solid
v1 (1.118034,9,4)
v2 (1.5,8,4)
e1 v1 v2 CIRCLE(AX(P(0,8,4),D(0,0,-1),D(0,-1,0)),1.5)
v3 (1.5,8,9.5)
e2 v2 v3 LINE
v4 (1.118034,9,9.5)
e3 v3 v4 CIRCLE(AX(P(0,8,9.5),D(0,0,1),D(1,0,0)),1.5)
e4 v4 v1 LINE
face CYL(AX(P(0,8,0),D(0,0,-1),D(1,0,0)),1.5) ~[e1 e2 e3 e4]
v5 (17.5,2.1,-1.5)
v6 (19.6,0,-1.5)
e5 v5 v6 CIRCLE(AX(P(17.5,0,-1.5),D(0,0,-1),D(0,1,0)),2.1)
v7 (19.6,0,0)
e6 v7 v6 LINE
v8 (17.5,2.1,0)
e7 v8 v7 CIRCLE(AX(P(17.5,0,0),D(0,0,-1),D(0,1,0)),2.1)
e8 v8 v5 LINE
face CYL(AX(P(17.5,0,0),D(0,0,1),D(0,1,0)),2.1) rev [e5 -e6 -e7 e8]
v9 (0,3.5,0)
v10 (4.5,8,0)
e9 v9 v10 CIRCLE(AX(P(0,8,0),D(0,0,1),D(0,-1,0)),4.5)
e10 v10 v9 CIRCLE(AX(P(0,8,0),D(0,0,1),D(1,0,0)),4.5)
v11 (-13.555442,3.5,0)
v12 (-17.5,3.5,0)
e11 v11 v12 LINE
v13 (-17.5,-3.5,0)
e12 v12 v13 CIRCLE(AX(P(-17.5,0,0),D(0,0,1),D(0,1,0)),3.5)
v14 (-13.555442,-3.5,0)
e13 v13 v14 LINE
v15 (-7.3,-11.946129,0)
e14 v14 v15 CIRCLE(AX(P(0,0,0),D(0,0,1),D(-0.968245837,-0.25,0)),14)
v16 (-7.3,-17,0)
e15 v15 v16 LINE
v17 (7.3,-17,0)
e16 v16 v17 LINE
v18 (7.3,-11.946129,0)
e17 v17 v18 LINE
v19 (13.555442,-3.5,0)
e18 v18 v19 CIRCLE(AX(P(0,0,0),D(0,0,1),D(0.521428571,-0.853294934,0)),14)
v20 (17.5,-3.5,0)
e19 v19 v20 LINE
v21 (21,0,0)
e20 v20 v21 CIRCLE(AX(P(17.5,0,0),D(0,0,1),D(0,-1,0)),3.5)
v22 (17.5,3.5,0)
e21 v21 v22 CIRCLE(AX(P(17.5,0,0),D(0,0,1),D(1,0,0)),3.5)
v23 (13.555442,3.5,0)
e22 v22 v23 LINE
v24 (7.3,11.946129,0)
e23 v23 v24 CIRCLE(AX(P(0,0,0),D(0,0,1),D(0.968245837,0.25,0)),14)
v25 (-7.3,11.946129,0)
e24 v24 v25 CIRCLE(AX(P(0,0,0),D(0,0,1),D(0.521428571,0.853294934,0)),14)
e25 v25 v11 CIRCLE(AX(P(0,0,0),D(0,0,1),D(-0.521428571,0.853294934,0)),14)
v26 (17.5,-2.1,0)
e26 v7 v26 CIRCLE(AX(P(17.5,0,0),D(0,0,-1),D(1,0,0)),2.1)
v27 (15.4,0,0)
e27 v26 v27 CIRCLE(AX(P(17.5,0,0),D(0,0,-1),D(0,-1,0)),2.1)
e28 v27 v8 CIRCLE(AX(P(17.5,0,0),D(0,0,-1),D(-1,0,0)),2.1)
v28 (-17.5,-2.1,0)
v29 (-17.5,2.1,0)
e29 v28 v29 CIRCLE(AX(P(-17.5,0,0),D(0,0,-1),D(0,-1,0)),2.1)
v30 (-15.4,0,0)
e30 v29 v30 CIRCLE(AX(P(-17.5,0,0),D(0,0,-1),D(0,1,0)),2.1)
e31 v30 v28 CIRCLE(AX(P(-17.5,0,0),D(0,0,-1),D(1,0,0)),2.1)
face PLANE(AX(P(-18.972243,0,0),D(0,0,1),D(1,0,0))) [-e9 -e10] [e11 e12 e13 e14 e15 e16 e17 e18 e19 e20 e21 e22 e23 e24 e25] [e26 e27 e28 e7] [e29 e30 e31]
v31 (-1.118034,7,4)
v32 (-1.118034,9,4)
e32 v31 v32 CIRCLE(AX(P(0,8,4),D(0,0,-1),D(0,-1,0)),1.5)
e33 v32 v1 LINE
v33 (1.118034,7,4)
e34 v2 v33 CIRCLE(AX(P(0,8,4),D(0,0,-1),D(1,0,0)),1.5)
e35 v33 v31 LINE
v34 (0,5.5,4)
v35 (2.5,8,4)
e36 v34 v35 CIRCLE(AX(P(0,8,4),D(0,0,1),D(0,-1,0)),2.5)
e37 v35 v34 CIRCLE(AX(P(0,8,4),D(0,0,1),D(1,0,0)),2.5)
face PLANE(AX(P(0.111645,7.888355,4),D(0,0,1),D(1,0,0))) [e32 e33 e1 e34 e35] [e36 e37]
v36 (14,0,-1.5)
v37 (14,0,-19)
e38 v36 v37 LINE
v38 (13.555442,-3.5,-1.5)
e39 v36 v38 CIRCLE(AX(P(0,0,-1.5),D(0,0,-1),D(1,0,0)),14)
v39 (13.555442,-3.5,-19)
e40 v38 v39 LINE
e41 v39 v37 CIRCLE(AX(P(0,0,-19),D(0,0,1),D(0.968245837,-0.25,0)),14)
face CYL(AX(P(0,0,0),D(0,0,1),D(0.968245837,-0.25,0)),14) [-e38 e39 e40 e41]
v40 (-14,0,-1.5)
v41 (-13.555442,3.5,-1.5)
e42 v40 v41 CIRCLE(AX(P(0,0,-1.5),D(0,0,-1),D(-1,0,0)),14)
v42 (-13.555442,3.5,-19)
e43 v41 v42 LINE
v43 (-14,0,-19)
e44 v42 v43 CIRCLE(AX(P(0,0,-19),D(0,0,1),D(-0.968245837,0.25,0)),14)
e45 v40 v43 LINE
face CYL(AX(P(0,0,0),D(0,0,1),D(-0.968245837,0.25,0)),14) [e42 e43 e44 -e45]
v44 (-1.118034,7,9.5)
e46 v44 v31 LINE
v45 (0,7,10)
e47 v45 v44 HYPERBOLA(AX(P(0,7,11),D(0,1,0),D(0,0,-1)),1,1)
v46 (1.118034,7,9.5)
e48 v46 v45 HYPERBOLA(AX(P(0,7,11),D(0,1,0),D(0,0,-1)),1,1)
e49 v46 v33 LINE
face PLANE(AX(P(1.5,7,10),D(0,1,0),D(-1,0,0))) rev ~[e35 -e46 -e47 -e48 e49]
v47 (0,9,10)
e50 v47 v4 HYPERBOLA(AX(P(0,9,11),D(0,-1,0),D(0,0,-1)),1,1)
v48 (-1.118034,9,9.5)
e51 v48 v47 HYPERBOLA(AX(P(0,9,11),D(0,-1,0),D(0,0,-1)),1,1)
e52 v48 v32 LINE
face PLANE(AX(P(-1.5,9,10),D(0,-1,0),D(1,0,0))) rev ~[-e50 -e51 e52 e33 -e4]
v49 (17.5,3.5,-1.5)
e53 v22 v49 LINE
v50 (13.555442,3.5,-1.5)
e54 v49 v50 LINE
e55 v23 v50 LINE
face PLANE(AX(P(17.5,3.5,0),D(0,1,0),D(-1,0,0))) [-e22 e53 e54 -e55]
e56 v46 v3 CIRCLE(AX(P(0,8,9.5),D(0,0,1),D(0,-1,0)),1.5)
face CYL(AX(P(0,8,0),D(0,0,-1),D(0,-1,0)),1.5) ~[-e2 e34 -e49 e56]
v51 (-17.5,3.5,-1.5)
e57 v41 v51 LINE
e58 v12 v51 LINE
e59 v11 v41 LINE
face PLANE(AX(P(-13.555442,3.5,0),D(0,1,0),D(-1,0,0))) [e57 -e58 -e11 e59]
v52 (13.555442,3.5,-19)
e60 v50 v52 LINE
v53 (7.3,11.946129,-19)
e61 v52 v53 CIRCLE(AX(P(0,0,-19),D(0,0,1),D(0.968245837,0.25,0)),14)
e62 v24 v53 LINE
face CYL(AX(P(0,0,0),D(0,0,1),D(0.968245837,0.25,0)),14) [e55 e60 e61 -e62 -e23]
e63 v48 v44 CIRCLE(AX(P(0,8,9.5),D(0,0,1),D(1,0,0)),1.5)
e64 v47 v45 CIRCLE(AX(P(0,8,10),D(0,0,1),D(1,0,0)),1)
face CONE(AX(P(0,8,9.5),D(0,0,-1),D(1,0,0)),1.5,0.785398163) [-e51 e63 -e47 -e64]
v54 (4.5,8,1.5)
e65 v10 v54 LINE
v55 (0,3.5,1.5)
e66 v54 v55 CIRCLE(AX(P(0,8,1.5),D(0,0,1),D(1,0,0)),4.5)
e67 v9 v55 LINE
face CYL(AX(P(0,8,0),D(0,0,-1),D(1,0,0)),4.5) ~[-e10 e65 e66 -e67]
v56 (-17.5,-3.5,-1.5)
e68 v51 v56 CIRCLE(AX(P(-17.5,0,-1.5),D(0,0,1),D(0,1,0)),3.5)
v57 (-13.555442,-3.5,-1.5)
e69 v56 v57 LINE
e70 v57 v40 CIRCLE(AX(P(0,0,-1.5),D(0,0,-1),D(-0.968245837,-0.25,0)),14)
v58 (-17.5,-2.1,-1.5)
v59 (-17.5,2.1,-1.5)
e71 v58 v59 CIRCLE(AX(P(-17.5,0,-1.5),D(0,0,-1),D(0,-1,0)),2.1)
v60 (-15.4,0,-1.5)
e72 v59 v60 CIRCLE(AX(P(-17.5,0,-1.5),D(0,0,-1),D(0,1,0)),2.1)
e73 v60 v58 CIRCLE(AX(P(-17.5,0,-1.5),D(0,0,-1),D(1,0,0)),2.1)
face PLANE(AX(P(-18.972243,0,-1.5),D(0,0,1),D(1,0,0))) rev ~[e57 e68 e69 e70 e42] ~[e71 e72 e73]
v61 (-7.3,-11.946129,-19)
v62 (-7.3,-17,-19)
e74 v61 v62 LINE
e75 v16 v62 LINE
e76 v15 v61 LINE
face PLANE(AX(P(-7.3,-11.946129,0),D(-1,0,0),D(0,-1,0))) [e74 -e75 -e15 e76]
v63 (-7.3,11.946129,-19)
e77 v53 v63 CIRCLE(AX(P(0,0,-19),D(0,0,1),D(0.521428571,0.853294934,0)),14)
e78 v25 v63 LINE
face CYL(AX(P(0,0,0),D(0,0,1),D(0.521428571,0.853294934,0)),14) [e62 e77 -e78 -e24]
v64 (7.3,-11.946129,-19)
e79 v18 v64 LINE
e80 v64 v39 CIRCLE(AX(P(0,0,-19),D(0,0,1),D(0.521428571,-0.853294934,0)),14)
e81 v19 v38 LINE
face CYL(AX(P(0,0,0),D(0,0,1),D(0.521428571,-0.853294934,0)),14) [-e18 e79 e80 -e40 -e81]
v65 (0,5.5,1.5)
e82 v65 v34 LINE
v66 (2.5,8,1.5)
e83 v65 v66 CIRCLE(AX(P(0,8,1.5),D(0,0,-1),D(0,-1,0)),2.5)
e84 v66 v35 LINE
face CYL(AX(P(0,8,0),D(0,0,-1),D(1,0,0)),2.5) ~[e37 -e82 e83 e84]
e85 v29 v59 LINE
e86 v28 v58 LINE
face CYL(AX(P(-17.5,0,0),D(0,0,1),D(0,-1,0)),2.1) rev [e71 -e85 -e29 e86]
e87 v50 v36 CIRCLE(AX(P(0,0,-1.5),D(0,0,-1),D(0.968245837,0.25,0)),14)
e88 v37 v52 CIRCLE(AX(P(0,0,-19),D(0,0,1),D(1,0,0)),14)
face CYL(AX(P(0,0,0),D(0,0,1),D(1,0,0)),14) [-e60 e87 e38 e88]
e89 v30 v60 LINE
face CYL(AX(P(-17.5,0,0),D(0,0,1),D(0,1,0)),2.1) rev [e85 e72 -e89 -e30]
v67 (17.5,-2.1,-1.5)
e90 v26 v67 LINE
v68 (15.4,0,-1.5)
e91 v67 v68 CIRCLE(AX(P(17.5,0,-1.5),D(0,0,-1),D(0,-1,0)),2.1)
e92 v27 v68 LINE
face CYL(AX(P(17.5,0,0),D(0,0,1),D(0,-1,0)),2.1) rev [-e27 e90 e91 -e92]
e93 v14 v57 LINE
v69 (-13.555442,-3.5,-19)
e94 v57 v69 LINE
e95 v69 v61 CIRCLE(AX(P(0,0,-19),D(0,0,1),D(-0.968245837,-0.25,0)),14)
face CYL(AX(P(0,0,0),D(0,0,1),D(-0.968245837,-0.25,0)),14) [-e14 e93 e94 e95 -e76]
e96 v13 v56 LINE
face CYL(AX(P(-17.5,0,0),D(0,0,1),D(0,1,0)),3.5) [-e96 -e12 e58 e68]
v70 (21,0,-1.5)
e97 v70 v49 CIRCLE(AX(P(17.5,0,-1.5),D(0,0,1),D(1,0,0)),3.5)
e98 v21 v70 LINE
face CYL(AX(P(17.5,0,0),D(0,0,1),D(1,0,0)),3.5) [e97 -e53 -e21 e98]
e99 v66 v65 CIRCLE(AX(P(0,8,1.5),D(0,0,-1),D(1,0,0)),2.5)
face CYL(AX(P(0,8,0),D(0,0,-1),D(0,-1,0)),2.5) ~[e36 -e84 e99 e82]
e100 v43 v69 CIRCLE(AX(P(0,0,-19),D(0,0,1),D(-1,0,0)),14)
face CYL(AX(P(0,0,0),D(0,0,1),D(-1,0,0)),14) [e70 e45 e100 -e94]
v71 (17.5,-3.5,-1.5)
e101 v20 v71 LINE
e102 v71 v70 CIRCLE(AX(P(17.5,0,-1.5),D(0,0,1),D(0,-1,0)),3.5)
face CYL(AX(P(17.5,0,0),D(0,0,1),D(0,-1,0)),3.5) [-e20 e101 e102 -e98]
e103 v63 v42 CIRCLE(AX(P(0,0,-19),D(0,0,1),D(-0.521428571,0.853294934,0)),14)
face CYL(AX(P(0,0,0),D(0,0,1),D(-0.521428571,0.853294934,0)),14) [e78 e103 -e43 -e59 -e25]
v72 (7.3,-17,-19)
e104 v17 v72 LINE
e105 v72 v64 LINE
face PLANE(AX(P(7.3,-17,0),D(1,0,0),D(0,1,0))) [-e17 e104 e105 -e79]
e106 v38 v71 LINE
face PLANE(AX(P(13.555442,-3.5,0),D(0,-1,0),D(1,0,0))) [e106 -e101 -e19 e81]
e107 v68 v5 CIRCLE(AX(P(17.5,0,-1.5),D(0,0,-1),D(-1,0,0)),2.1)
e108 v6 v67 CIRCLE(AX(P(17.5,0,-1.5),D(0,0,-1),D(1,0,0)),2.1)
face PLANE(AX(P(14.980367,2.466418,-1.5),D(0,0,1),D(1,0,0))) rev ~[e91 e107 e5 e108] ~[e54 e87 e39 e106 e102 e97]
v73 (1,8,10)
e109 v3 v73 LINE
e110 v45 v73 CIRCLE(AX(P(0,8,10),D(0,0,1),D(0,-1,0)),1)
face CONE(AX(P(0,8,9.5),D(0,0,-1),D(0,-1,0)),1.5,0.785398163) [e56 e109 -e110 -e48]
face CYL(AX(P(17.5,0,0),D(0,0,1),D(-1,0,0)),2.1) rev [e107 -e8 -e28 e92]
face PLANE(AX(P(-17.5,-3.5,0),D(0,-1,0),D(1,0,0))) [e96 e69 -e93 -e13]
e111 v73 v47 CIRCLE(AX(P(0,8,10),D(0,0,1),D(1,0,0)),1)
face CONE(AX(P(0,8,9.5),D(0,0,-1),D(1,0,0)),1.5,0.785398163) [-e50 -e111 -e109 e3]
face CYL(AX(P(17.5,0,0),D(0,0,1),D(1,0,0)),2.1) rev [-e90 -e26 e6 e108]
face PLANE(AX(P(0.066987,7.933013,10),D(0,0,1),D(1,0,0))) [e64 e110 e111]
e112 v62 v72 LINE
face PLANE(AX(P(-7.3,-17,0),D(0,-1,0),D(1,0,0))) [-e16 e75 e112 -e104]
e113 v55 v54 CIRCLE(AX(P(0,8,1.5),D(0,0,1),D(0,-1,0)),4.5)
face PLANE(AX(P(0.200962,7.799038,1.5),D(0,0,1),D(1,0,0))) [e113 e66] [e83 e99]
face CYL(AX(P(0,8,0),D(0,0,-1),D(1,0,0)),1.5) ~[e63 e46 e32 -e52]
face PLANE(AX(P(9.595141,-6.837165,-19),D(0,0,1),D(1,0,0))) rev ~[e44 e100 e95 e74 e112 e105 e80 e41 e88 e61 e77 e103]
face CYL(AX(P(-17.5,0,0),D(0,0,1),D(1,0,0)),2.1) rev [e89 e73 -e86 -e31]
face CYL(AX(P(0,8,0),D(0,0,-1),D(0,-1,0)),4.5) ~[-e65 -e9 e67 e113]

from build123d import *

# Parameters (mm, degrees)
F0_W     = 7.3
F0_H     = 3.5
F1_DEPTH = 19
F2_DEPTH = 1.5
F3_DEPTH = 10
F4_DEPTH = 4
F5_DEPTH = 1.5
F6_SIZE  = 0.5
F8_DEPTH = 6


with BuildPart() as f1:
    # F0 (on Top) → F1 (new body)
    with BuildSketch(Plane.XY):
        with BuildLine():
            ThreePointArc((7.3, -11.9461290802), (11.250406053, -8.3323684294), (13.5554417117, -3.5))
            Line((13.5554417117, -3.5), (7.3, -3.5))
            Line((7.3, -3.5), (7.3, -11.9461290802))
        make_face()
        with BuildLine():
            ThreePointArc((-7.3, -11.9461290802), (0, -14), (7.3, -11.9461290802))
            Line((7.3, -11.9461290802), (7.3, -3.5))
            Line((7.3, -3.5), (-7.3, -3.5))
            Line((-7.3, -3.5), (-7.3, -11.9461290802))
        make_face()
        with BuildLine():
            ThreePointArc((-13.5554417117, -3.5), (-11.250406053, -8.3323684294), (-7.3, -11.9461290802))
            Line((-7.3, -11.9461290802), (-7.3, -3.5))
            Line((-7.3, -3.5), (-13.5554417117, -3.5))
        make_face()
        with BuildLine():
            Line((-13.5554417117, -3.5), (-7.3, -3.5))
            Line((-7.3, -3.5), (-7.3, 0))
            Line((-7.3, 0), (-14, 0))
            ThreePointArc((-14, 0), (-13.8884157477, -1.7640600948), (-13.5554417117, -3.5))
        make_face()
        with BuildLine():
            Line((-14, 0), (-7.3, 0))
            Line((-7.3, 0), (-7.3, 3.5))
            Line((-7.3, 3.5), (-13.5554417117, 3.5))
            ThreePointArc((-13.5554417117, 3.5), (-13.8884157477, 1.7640600948), (-14, 0))
        make_face()
        with BuildLine():
            Line((-7.3, 3.5), (-7.3, 11.9461290802))
            ThreePointArc((-7.3, 11.9461290802), (-11.250406053, 8.3323684294), (-13.5554417117, 3.5))
            Line((-13.5554417117, 3.5), (-7.3, 3.5))
        make_face()
        with BuildLine():
            Line((7.3, 3.5), (7.3, 11.9461290802))
            ThreePointArc((7.3, 11.9461290802), (0, 14), (-7.3, 11.9461290802))
            Line((-7.3, 11.9461290802), (-7.3, 3.5))
            Line((-7.3, 3.5), (0, 3.5))
            Line((0, 3.5), (7.3, 3.5))
        make_face()
        with BuildLine():
            ThreePointArc((4.5, 8), (3.1819805153, 4.8180194847), (0, 3.5))
            ThreePointArc((0, 3.5), (-3.1819805153, 11.1819805153), (4.5, 8))
        make_face(mode=Mode.SUBTRACT)
        with BuildLine():
            Line((7.3, 3.5), (13.5554417117, 3.5))
            ThreePointArc((13.5554417117, 3.5), (11.250406053, 8.3323684294), (7.3, 11.9461290802))
            Line((7.3, 11.9461290802), (7.3, 3.5))
        make_face()
        with BuildLine():
            Line((7.3, 0), (14, 0))
            ThreePointArc((14, 0), (13.8884157477, 1.7640600948), (13.5554417117, 3.5))
            Line((13.5554417117, 3.5), (7.3, 3.5))
            Line((7.3, 3.5), (7.3, 0))
        make_face()
        with BuildLine():
            ThreePointArc((13.5554417117, -3.5), (13.8884157477, -1.7640600948), (14, 0))
            Line((14, 0), (7.3, 0))
            Line((7.3, 0), (7.3, -3.5))
            Line((7.3, -3.5), (13.5554417117, -3.5))
        make_face()
        Polygon((7.3, -3.5), (7.3, 0), (0, 0), (-7.3, 0), (-7.3, -3.5), align=None)
        with Locations((3.65, 1.75)):
            Rectangle(F0_W, F0_H)
        with Locations((-3.65, 1.75)):
            Rectangle(F0_W, F0_H)
        with BuildLine():
            ThreePointArc((4.5, 8), (-3.1819805153, 11.1819805153), (0, 3.5))
            ThreePointArc((0, 3.5), (3.1819805153, 4.8180194847), (4.5, 8))
        make_face()
        with BuildLine():
            ThreePointArc((2.5, 8), (1.767766953, 6.232233047), (0, 5.5))
            ThreePointArc((0, 5.5), (-1.767766953, 9.767766953), (2.5, 8))
        make_face(mode=Mode.SUBTRACT)
        with BuildLine():
            ThreePointArc((2.5, 8), (-1.767766953, 9.767766953), (0, 5.5))
            ThreePointArc((0, 5.5), (1.767766953, 6.232233047), (2.5, 8))
        make_face()
        with BuildLine():
            ThreePointArc((1.5, 8), (1.0606601718, 6.9393398282), (0, 6.5))
            ThreePointArc((0, 6.5), (-1.0606601718, 9.0606601718), (1.5, 8))
        make_face(mode=Mode.SUBTRACT)
        with BuildLine():
            ThreePointArc((1.5, 8), (-1.0606601718, 9.0606601718), (0, 6.5))
            ThreePointArc((0, 6.5), (1.0606601718, 6.9393398282), (1.5, 8))
        make_face()
        with BuildLine():
            Line((7.3, -17), (7.3, -11.9461290802))
            ThreePointArc((7.3, -11.9461290802), (0, -14), (-7.3, -11.9461290802))
            Line((-7.3, -11.9461290802), (-7.3, -17))
            Line((-7.3, -17), (7.3, -17))
        make_face()
    extrude(amount=-F1_DEPTH)

    # F0 (on Top) → F2 (join)
    with BuildSketch(Plane.XY):
        with BuildLine():
            Line((-17.5, 2.1), (-17.5, 3.5))
            ThreePointArc((-17.5, 3.5), (-21, 0), (-17.5, -3.5))
            Line((-17.5, -3.5), (-17.5, -2.1))
            ThreePointArc((-17.5, -2.1), (-19.6, 0), (-17.5, 2.1))
        make_face()
        with BuildLine():
            ThreePointArc((-17.5, -3.5), (-15.0251262658, -2.4748737342), (-14, 0))
            Line((-14, 0), (-15.4, 0))
            ThreePointArc((-15.4, 0), (-16.0150757595, -1.4849242405), (-17.5, -2.1))
            Line((-17.5, -2.1), (-17.5, -3.5))
        make_face()
        with BuildLine():
            Line((-17.5, -3.5), (-13.5554417117, -3.5))
            ThreePointArc((-13.5554417117, -3.5), (-13.8884157477, -1.7640600948), (-14, 0))
            ThreePointArc((-14, 0), (-15.0251262658, -2.4748737342), (-17.5, -3.5))
        make_face()
        with BuildLine():
            Line((-15.4, 0), (-14, 0))
            ThreePointArc((-14, 0), (-15.0251262658, 2.4748737342), (-17.5, 3.5))
            Line((-17.5, 3.5), (-17.5, 2.1))
            ThreePointArc((-17.5, 2.1), (-16.0150757595, 1.4849242405), (-15.4, 0))
        make_face()
        with BuildLine():
            ThreePointArc((-14, 0), (-13.8884157477, 1.7640600948), (-13.5554417117, 3.5))
            Line((-13.5554417117, 3.5), (-17.5, 3.5))
            ThreePointArc((-17.5, 3.5), (-15.0251262658, 2.4748737342), (-14, 0))
        make_face()
        with BuildLine():
            ThreePointArc((13.5554417117, 3.5), (13.8884157477, 1.7640600948), (14, 0))
            ThreePointArc((14, 0), (15.0251262658, 2.4748737342), (17.5, 3.5))
            Line((17.5, 3.5), (13.5554417117, 3.5))
        make_face()
        with BuildLine():
            ThreePointArc((17.5, -3.5), (15.0251262658, -2.4748737342), (14, 0))
            ThreePointArc((14, 0), (13.8884157477, -1.7640600948), (13.5554417117, -3.5))
            Line((13.5554417117, -3.5), (17.5, -3.5))
        make_face()
        with BuildLine():
            ThreePointArc((21, 0), (19.9748737342, 2.4748737342), (17.5, 3.5))
            Line((17.5, 3.5), (17.5, 2.1))
            ThreePointArc((17.5, 2.1), (18.9849242405, 1.4849242405), (19.6, 0))
            ThreePointArc((19.6, 0), (18.9849242405, -1.4849242405), (17.5, -2.1))
            Line((17.5, -2.1), (17.5, -3.5))
            ThreePointArc((17.5, -3.5), (19.9748737342, -2.4748737342), (21, 0))
        make_face()
        with BuildLine():
            Line((15.4, 0), (14, 0))
            ThreePointArc((14, 0), (15.0251262658, -2.4748737342), (17.5, -3.5))
            Line((17.5, -3.5), (17.5, -2.1))
            ThreePointArc((17.5, -2.1), (16.0150757595, -1.4849242405), (15.4, 0))
        make_face()
        with BuildLine():
            ThreePointArc((17.5, 3.5), (15.0251262658, 2.4748737342), (14, 0))
            Line((14, 0), (15.4, 0))
            ThreePointArc((15.4, 0), (16.0150757595, 1.4849242405), (17.5, 2.1))
            Line((17.5, 2.1), (17.5, 3.5))
        make_face()
    extrude(amount=-F2_DEPTH)

    # F0 (on Top) → F3 (join)
    with BuildSketch(Plane.XY):
        with BuildLine():
            ThreePointArc((1.5, 8), (-1.0606601718, 9.0606601718), (0, 6.5))
            ThreePointArc((0, 6.5), (1.0606601718, 6.9393398282), (1.5, 8))
        make_face()
    extrude(amount=F3_DEPTH)

    # F0 (on Top) → F4 (join)
    with BuildSketch(Plane.XY):
        with BuildLine():
            ThreePointArc((2.5, 8), (-1.767766953, 9.767766953), (0, 5.5))
            ThreePointArc((0, 5.5), (1.767766953, 6.232233047), (2.5, 8))
        make_face()
        with BuildLine():
            ThreePointArc((1.5, 8), (1.0606601718, 6.9393398282), (0, 6.5))
            ThreePointArc((0, 6.5), (-1.0606601718, 9.0606601718), (1.5, 8))
        make_face(mode=Mode.SUBTRACT)
    extrude(amount=F4_DEPTH)

    # F0 (on Top) → F5 (join)
    with BuildSketch(Plane.XY):
        with BuildLine():
            ThreePointArc((4.5, 8), (-3.1819805153, 11.1819805153), (0, 3.5))
            ThreePointArc((0, 3.5), (3.1819805153, 4.8180194847), (4.5, 8))
        make_face()
        with BuildLine():
            ThreePointArc((2.5, 8), (1.767766953, 6.232233047), (0, 5.5))
            ThreePointArc((0, 5.5), (-1.767766953, 9.767766953), (2.5, 8))
        make_face(mode=Mode.SUBTRACT)
    extrude(amount=F5_DEPTH)

    # F6
    f6_edges = [f1.edges().sort_by_distance(p)[0] for p in [
        (0, 9.5, 10),
    ]]
    chamfer(f6_edges, length=F6_SIZE)

    # F7 (on face) → F8 (cut)
    with BuildSketch(Plane.XY.offset(10)):
        Polygon((0, 9), (1.5, 9), (1.5, 9.5), (-1.5, 9.5), (-1.5, 9), align=None)
        Polygon((1.5, 6.5), (1.5, 7), (0, 7), (-1.5, 7), (-1.5, 6.5), align=None)
    extrude(amount=-F8_DEPTH, mode=Mode.SUBTRACT)


solid = f1.part
